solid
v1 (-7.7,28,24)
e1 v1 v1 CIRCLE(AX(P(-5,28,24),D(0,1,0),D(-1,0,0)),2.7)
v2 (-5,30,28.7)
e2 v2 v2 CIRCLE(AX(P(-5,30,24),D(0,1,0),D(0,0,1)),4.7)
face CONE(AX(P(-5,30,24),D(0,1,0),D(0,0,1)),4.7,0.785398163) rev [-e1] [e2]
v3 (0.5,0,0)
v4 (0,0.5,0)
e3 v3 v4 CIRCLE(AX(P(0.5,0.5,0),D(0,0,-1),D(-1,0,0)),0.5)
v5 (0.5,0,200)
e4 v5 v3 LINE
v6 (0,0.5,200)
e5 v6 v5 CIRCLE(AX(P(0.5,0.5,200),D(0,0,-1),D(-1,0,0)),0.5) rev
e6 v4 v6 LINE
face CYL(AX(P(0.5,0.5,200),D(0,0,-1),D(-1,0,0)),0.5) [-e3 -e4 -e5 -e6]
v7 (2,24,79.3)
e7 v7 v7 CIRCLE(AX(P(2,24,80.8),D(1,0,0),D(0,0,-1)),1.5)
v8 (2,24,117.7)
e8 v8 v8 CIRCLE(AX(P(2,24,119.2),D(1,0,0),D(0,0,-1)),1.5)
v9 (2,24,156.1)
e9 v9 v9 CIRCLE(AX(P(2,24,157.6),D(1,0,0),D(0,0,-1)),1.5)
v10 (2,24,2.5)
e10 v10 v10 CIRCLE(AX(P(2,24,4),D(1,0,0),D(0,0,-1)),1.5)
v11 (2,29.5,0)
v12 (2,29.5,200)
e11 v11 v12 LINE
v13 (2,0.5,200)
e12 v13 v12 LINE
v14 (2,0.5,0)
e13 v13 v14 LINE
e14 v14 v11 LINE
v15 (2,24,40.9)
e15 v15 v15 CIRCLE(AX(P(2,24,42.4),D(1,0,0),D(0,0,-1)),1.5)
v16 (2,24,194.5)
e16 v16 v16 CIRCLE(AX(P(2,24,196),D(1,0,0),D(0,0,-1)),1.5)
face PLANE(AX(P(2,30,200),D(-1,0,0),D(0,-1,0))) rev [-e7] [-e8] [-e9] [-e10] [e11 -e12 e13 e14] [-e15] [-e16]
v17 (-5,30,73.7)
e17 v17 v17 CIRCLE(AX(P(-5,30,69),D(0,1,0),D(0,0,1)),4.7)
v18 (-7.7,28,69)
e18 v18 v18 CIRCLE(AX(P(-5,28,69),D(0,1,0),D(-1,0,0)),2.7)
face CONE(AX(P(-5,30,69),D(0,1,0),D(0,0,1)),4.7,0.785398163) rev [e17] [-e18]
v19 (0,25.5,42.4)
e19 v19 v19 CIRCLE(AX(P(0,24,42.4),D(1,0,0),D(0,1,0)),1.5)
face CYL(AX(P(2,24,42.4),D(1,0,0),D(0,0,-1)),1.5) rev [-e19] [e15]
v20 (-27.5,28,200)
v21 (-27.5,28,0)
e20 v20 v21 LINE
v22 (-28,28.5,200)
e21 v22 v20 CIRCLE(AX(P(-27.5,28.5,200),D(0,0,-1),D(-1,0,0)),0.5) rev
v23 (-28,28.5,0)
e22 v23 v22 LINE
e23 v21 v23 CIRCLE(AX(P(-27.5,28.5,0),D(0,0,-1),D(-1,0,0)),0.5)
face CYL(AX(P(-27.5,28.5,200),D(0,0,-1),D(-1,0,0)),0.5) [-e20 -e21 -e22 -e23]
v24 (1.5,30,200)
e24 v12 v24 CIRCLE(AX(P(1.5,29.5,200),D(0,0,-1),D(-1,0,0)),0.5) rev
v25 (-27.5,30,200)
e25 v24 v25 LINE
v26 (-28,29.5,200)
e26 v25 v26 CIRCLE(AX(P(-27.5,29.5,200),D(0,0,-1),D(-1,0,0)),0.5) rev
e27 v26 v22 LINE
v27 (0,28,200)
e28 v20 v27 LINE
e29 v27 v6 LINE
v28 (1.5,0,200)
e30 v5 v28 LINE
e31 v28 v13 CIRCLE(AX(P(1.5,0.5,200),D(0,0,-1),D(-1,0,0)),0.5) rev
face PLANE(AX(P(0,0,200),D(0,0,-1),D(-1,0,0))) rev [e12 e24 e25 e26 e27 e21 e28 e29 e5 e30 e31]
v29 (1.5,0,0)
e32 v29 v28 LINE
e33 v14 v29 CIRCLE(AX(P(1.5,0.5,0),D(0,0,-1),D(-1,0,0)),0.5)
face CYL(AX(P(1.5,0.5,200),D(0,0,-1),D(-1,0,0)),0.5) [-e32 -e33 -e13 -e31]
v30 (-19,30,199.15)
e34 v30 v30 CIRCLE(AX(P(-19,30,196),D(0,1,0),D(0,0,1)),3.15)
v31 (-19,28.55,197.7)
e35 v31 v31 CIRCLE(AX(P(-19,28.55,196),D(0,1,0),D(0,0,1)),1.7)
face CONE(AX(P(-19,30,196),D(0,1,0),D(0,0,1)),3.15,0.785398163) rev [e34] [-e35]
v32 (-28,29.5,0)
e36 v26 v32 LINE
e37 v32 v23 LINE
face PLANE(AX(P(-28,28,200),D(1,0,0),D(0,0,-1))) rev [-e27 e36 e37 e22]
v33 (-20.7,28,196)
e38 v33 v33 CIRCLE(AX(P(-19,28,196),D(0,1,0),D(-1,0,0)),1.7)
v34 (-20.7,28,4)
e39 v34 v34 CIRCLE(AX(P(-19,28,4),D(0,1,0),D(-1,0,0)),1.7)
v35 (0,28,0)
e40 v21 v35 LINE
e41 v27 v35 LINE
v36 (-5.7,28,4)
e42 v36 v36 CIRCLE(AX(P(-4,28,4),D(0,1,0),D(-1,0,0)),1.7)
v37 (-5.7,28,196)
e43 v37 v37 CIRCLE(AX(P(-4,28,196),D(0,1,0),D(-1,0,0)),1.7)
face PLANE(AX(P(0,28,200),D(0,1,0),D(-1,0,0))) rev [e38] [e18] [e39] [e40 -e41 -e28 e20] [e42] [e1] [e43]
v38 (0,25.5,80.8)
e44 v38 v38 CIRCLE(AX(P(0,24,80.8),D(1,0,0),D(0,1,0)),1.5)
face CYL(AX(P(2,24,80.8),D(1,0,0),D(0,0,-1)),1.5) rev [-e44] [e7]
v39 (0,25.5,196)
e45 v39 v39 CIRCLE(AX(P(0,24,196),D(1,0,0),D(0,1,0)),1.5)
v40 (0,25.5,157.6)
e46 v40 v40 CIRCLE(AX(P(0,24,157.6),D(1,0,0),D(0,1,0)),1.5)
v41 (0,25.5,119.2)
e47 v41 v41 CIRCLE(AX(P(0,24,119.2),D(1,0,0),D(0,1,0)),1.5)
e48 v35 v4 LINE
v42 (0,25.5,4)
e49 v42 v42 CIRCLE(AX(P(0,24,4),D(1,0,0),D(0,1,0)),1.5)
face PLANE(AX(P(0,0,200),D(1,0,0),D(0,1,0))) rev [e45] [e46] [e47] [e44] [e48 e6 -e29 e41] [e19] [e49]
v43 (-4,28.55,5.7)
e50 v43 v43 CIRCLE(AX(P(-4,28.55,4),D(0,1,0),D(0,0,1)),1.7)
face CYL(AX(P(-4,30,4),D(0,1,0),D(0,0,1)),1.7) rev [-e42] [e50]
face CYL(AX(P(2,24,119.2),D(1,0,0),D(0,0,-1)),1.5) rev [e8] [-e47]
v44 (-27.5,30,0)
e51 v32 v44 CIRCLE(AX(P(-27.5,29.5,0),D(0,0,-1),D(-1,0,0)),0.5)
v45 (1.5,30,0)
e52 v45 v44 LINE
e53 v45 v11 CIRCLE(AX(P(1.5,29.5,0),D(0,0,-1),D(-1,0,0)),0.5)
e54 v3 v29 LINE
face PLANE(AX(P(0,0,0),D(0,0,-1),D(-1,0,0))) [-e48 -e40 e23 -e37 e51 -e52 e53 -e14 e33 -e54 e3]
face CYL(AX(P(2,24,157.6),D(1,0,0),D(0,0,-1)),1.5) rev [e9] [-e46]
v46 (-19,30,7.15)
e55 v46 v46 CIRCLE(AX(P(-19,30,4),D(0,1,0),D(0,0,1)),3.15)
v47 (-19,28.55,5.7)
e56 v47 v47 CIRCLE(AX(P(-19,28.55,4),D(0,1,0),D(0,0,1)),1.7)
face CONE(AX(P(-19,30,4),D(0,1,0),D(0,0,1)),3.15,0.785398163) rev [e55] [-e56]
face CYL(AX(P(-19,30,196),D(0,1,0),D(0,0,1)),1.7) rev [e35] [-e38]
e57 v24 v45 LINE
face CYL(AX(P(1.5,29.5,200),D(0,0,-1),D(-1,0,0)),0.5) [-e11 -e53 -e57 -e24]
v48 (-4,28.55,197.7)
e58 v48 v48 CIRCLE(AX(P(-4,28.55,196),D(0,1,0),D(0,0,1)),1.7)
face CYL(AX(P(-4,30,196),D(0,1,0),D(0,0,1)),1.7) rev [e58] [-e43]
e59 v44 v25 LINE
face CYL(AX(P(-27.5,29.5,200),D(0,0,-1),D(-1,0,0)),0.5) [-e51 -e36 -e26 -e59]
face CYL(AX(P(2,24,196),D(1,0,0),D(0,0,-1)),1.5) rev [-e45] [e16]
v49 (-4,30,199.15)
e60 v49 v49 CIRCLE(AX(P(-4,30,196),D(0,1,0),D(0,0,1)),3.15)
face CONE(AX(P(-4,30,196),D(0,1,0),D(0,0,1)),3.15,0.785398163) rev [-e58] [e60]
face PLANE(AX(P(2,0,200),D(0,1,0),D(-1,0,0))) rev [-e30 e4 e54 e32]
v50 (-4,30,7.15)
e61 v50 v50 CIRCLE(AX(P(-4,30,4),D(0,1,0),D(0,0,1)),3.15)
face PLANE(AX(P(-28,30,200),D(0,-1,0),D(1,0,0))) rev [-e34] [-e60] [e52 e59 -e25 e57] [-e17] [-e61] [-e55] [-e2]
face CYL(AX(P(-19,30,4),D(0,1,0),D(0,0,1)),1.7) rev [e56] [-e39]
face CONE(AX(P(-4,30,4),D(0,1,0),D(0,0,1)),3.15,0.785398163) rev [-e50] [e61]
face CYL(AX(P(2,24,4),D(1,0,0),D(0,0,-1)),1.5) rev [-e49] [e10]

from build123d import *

# Parameters (mm, degrees)
EXTRUDE1_DEPTH                               = 200
FILLET1_R                                    = 0.5
CSK_FOR_M4_COUNTERSUNK_FLAT_HEAD_SCR_2_COUNT = 2
CSK_FOR_M4_COUNTERSUNK_FLAT_HEAD_SCR_2_PITCH = 45
CSK_FOR_M3_COUNTERSUNK_FLAT_HEAD_SCR_2_COUNT = 2
CSK_FOR_M3_COUNTERSUNK_FLAT_HEAD_SCR_2_PITCH = 15
CSK_FOR_M3_COUNTERSUNK_FLAT_HEAD_SCR_3_COUNT = 2
CSK_FOR_M3_COUNTERSUNK_FLAT_HEAD_SCR_3_PITCH = 15
M3_TAPPED_HOLE1_D                            = 3
M3_TAPPED_HOLE1_DEPTH                        = 2.001
LPATTERN1_COUNT                              = 6
LPATTERN1_PITCH                              = 38.4


with BuildPart() as part:
    # Sketch1 → Extrude1 (new body)
    with BuildSketch(Plane.XY):
        Polygon((0, 0), (0, 28), (-28, 28), (-28, 30), (2, 30), (2, 0), align=None)
    extrude(amount=EXTRUDE1_DEPTH)

    # Fillet1
    fillet1_edges = [part.edges().sort_by_distance(p)[0] for p in [
        (-28, 28, 100),
        (-28, 30, 100),
        (2, 30, 100),
        (2, 0, 100),
        (0, 0, 100),
    ]]
    fillet(fillet1_edges, radius=FILLET1_R)

    # Sketch4 → CSK for M4 Countersunk Flat Head Screw1 (revolve, cut)
    with BuildSketch(Plane(origin=(-5, 30, 69), x_dir=(0, 0, 1), z_dir=(1, 0, 0))):
        Polygon((0, 0), (0, 2), (2.25, 2), (2.25, 2.45), (4.7, 0), align=None)
    csk_for_m4_countersunk_flat_head_screw1 = revolve(axis=Axis((-5, 36.35, 69), (0, -1, 0)), mode=Mode.SUBTRACT)

    # CSK for M4 Countersunk Flat Head Scr 2: CSK for M4 Countersunk Flat Head Screw1 ×2
    with Locations(*[(0, 0, -i * CSK_FOR_M4_COUNTERSUNK_FLAT_HEAD_SCR_2_PITCH) for i in range(1, CSK_FOR_M4_COUNTERSUNK_FLAT_HEAD_SCR_2_COUNT)]):
        add(csk_for_m4_countersunk_flat_head_screw1, mode=Mode.SUBTRACT)

    # Sketch5 → CSK for M3 Countersunk Flat Head Screw1 (revolve, cut)
    with BuildSketch(Plane(origin=(-19, 30, 4), x_dir=(0, 0, 1), z_dir=(1, 0, 0))):
        Polygon((0, 0), (0, 2), (1.7, 2), (1.7, 1.45), (3.15, 0), align=None)
    csk_for_m3_countersunk_flat_head_screw1 = revolve(axis=Axis((-19, 36.35, 4), (0, -1, 0)), mode=Mode.SUBTRACT)

    # CSK for M3 Countersunk Flat Head Scr 2: CSK for M3 Countersunk Flat Head Screw1 ×2
    with Locations(*[(i * CSK_FOR_M3_COUNTERSUNK_FLAT_HEAD_SCR_2_PITCH, 0, 0) for i in range(1, CSK_FOR_M3_COUNTERSUNK_FLAT_HEAD_SCR_2_COUNT)]):
        add(csk_for_m3_countersunk_flat_head_screw1, mode=Mode.SUBTRACT)

    # Sketch6 → CSK for M3 Countersunk Flat Head Screw2 (revolve, cut)
    with BuildSketch(Plane(origin=(-19, 30, 196), x_dir=(0, 0, 1), z_dir=(1, 0, 0))):
        Polygon((0, 0), (0, 2), (1.7, 2), (1.7, 1.45), (3.15, 0), align=None)
    csk_for_m3_countersunk_flat_head_screw2 = revolve(axis=Axis((-19, 36.35, 196), (0, -1, 0)), mode=Mode.SUBTRACT)

    # CSK for M3 Countersunk Flat Head Scr 3: CSK for M3 Countersunk Flat Head Screw2 ×2
    with Locations(*[(i * CSK_FOR_M3_COUNTERSUNK_FLAT_HEAD_SCR_3_PITCH, 0, 0) for i in range(1, CSK_FOR_M3_COUNTERSUNK_FLAT_HEAD_SCR_3_COUNT)]):
        add(csk_for_m3_countersunk_flat_head_screw2, mode=Mode.SUBTRACT)

    # M3 Tapped Hole1
    with Locations(Plane(origin=(2, 24, 4), x_dir=(0, 1, 0), z_dir=(1, 0, 0))):
        with Locations((0, 0)):
            m3_tapped_hole1 = Hole(M3_TAPPED_HOLE1_D / 2, depth=M3_TAPPED_HOLE1_DEPTH)

    # LPattern1: M3 Tapped Hole1 ×6
    with Locations(*[(0, 0, i * LPATTERN1_PITCH) for i in range(1, LPATTERN1_COUNT)]):
        add(m3_tapped_hole1, mode=Mode.SUBTRACT)


solid = part.part
